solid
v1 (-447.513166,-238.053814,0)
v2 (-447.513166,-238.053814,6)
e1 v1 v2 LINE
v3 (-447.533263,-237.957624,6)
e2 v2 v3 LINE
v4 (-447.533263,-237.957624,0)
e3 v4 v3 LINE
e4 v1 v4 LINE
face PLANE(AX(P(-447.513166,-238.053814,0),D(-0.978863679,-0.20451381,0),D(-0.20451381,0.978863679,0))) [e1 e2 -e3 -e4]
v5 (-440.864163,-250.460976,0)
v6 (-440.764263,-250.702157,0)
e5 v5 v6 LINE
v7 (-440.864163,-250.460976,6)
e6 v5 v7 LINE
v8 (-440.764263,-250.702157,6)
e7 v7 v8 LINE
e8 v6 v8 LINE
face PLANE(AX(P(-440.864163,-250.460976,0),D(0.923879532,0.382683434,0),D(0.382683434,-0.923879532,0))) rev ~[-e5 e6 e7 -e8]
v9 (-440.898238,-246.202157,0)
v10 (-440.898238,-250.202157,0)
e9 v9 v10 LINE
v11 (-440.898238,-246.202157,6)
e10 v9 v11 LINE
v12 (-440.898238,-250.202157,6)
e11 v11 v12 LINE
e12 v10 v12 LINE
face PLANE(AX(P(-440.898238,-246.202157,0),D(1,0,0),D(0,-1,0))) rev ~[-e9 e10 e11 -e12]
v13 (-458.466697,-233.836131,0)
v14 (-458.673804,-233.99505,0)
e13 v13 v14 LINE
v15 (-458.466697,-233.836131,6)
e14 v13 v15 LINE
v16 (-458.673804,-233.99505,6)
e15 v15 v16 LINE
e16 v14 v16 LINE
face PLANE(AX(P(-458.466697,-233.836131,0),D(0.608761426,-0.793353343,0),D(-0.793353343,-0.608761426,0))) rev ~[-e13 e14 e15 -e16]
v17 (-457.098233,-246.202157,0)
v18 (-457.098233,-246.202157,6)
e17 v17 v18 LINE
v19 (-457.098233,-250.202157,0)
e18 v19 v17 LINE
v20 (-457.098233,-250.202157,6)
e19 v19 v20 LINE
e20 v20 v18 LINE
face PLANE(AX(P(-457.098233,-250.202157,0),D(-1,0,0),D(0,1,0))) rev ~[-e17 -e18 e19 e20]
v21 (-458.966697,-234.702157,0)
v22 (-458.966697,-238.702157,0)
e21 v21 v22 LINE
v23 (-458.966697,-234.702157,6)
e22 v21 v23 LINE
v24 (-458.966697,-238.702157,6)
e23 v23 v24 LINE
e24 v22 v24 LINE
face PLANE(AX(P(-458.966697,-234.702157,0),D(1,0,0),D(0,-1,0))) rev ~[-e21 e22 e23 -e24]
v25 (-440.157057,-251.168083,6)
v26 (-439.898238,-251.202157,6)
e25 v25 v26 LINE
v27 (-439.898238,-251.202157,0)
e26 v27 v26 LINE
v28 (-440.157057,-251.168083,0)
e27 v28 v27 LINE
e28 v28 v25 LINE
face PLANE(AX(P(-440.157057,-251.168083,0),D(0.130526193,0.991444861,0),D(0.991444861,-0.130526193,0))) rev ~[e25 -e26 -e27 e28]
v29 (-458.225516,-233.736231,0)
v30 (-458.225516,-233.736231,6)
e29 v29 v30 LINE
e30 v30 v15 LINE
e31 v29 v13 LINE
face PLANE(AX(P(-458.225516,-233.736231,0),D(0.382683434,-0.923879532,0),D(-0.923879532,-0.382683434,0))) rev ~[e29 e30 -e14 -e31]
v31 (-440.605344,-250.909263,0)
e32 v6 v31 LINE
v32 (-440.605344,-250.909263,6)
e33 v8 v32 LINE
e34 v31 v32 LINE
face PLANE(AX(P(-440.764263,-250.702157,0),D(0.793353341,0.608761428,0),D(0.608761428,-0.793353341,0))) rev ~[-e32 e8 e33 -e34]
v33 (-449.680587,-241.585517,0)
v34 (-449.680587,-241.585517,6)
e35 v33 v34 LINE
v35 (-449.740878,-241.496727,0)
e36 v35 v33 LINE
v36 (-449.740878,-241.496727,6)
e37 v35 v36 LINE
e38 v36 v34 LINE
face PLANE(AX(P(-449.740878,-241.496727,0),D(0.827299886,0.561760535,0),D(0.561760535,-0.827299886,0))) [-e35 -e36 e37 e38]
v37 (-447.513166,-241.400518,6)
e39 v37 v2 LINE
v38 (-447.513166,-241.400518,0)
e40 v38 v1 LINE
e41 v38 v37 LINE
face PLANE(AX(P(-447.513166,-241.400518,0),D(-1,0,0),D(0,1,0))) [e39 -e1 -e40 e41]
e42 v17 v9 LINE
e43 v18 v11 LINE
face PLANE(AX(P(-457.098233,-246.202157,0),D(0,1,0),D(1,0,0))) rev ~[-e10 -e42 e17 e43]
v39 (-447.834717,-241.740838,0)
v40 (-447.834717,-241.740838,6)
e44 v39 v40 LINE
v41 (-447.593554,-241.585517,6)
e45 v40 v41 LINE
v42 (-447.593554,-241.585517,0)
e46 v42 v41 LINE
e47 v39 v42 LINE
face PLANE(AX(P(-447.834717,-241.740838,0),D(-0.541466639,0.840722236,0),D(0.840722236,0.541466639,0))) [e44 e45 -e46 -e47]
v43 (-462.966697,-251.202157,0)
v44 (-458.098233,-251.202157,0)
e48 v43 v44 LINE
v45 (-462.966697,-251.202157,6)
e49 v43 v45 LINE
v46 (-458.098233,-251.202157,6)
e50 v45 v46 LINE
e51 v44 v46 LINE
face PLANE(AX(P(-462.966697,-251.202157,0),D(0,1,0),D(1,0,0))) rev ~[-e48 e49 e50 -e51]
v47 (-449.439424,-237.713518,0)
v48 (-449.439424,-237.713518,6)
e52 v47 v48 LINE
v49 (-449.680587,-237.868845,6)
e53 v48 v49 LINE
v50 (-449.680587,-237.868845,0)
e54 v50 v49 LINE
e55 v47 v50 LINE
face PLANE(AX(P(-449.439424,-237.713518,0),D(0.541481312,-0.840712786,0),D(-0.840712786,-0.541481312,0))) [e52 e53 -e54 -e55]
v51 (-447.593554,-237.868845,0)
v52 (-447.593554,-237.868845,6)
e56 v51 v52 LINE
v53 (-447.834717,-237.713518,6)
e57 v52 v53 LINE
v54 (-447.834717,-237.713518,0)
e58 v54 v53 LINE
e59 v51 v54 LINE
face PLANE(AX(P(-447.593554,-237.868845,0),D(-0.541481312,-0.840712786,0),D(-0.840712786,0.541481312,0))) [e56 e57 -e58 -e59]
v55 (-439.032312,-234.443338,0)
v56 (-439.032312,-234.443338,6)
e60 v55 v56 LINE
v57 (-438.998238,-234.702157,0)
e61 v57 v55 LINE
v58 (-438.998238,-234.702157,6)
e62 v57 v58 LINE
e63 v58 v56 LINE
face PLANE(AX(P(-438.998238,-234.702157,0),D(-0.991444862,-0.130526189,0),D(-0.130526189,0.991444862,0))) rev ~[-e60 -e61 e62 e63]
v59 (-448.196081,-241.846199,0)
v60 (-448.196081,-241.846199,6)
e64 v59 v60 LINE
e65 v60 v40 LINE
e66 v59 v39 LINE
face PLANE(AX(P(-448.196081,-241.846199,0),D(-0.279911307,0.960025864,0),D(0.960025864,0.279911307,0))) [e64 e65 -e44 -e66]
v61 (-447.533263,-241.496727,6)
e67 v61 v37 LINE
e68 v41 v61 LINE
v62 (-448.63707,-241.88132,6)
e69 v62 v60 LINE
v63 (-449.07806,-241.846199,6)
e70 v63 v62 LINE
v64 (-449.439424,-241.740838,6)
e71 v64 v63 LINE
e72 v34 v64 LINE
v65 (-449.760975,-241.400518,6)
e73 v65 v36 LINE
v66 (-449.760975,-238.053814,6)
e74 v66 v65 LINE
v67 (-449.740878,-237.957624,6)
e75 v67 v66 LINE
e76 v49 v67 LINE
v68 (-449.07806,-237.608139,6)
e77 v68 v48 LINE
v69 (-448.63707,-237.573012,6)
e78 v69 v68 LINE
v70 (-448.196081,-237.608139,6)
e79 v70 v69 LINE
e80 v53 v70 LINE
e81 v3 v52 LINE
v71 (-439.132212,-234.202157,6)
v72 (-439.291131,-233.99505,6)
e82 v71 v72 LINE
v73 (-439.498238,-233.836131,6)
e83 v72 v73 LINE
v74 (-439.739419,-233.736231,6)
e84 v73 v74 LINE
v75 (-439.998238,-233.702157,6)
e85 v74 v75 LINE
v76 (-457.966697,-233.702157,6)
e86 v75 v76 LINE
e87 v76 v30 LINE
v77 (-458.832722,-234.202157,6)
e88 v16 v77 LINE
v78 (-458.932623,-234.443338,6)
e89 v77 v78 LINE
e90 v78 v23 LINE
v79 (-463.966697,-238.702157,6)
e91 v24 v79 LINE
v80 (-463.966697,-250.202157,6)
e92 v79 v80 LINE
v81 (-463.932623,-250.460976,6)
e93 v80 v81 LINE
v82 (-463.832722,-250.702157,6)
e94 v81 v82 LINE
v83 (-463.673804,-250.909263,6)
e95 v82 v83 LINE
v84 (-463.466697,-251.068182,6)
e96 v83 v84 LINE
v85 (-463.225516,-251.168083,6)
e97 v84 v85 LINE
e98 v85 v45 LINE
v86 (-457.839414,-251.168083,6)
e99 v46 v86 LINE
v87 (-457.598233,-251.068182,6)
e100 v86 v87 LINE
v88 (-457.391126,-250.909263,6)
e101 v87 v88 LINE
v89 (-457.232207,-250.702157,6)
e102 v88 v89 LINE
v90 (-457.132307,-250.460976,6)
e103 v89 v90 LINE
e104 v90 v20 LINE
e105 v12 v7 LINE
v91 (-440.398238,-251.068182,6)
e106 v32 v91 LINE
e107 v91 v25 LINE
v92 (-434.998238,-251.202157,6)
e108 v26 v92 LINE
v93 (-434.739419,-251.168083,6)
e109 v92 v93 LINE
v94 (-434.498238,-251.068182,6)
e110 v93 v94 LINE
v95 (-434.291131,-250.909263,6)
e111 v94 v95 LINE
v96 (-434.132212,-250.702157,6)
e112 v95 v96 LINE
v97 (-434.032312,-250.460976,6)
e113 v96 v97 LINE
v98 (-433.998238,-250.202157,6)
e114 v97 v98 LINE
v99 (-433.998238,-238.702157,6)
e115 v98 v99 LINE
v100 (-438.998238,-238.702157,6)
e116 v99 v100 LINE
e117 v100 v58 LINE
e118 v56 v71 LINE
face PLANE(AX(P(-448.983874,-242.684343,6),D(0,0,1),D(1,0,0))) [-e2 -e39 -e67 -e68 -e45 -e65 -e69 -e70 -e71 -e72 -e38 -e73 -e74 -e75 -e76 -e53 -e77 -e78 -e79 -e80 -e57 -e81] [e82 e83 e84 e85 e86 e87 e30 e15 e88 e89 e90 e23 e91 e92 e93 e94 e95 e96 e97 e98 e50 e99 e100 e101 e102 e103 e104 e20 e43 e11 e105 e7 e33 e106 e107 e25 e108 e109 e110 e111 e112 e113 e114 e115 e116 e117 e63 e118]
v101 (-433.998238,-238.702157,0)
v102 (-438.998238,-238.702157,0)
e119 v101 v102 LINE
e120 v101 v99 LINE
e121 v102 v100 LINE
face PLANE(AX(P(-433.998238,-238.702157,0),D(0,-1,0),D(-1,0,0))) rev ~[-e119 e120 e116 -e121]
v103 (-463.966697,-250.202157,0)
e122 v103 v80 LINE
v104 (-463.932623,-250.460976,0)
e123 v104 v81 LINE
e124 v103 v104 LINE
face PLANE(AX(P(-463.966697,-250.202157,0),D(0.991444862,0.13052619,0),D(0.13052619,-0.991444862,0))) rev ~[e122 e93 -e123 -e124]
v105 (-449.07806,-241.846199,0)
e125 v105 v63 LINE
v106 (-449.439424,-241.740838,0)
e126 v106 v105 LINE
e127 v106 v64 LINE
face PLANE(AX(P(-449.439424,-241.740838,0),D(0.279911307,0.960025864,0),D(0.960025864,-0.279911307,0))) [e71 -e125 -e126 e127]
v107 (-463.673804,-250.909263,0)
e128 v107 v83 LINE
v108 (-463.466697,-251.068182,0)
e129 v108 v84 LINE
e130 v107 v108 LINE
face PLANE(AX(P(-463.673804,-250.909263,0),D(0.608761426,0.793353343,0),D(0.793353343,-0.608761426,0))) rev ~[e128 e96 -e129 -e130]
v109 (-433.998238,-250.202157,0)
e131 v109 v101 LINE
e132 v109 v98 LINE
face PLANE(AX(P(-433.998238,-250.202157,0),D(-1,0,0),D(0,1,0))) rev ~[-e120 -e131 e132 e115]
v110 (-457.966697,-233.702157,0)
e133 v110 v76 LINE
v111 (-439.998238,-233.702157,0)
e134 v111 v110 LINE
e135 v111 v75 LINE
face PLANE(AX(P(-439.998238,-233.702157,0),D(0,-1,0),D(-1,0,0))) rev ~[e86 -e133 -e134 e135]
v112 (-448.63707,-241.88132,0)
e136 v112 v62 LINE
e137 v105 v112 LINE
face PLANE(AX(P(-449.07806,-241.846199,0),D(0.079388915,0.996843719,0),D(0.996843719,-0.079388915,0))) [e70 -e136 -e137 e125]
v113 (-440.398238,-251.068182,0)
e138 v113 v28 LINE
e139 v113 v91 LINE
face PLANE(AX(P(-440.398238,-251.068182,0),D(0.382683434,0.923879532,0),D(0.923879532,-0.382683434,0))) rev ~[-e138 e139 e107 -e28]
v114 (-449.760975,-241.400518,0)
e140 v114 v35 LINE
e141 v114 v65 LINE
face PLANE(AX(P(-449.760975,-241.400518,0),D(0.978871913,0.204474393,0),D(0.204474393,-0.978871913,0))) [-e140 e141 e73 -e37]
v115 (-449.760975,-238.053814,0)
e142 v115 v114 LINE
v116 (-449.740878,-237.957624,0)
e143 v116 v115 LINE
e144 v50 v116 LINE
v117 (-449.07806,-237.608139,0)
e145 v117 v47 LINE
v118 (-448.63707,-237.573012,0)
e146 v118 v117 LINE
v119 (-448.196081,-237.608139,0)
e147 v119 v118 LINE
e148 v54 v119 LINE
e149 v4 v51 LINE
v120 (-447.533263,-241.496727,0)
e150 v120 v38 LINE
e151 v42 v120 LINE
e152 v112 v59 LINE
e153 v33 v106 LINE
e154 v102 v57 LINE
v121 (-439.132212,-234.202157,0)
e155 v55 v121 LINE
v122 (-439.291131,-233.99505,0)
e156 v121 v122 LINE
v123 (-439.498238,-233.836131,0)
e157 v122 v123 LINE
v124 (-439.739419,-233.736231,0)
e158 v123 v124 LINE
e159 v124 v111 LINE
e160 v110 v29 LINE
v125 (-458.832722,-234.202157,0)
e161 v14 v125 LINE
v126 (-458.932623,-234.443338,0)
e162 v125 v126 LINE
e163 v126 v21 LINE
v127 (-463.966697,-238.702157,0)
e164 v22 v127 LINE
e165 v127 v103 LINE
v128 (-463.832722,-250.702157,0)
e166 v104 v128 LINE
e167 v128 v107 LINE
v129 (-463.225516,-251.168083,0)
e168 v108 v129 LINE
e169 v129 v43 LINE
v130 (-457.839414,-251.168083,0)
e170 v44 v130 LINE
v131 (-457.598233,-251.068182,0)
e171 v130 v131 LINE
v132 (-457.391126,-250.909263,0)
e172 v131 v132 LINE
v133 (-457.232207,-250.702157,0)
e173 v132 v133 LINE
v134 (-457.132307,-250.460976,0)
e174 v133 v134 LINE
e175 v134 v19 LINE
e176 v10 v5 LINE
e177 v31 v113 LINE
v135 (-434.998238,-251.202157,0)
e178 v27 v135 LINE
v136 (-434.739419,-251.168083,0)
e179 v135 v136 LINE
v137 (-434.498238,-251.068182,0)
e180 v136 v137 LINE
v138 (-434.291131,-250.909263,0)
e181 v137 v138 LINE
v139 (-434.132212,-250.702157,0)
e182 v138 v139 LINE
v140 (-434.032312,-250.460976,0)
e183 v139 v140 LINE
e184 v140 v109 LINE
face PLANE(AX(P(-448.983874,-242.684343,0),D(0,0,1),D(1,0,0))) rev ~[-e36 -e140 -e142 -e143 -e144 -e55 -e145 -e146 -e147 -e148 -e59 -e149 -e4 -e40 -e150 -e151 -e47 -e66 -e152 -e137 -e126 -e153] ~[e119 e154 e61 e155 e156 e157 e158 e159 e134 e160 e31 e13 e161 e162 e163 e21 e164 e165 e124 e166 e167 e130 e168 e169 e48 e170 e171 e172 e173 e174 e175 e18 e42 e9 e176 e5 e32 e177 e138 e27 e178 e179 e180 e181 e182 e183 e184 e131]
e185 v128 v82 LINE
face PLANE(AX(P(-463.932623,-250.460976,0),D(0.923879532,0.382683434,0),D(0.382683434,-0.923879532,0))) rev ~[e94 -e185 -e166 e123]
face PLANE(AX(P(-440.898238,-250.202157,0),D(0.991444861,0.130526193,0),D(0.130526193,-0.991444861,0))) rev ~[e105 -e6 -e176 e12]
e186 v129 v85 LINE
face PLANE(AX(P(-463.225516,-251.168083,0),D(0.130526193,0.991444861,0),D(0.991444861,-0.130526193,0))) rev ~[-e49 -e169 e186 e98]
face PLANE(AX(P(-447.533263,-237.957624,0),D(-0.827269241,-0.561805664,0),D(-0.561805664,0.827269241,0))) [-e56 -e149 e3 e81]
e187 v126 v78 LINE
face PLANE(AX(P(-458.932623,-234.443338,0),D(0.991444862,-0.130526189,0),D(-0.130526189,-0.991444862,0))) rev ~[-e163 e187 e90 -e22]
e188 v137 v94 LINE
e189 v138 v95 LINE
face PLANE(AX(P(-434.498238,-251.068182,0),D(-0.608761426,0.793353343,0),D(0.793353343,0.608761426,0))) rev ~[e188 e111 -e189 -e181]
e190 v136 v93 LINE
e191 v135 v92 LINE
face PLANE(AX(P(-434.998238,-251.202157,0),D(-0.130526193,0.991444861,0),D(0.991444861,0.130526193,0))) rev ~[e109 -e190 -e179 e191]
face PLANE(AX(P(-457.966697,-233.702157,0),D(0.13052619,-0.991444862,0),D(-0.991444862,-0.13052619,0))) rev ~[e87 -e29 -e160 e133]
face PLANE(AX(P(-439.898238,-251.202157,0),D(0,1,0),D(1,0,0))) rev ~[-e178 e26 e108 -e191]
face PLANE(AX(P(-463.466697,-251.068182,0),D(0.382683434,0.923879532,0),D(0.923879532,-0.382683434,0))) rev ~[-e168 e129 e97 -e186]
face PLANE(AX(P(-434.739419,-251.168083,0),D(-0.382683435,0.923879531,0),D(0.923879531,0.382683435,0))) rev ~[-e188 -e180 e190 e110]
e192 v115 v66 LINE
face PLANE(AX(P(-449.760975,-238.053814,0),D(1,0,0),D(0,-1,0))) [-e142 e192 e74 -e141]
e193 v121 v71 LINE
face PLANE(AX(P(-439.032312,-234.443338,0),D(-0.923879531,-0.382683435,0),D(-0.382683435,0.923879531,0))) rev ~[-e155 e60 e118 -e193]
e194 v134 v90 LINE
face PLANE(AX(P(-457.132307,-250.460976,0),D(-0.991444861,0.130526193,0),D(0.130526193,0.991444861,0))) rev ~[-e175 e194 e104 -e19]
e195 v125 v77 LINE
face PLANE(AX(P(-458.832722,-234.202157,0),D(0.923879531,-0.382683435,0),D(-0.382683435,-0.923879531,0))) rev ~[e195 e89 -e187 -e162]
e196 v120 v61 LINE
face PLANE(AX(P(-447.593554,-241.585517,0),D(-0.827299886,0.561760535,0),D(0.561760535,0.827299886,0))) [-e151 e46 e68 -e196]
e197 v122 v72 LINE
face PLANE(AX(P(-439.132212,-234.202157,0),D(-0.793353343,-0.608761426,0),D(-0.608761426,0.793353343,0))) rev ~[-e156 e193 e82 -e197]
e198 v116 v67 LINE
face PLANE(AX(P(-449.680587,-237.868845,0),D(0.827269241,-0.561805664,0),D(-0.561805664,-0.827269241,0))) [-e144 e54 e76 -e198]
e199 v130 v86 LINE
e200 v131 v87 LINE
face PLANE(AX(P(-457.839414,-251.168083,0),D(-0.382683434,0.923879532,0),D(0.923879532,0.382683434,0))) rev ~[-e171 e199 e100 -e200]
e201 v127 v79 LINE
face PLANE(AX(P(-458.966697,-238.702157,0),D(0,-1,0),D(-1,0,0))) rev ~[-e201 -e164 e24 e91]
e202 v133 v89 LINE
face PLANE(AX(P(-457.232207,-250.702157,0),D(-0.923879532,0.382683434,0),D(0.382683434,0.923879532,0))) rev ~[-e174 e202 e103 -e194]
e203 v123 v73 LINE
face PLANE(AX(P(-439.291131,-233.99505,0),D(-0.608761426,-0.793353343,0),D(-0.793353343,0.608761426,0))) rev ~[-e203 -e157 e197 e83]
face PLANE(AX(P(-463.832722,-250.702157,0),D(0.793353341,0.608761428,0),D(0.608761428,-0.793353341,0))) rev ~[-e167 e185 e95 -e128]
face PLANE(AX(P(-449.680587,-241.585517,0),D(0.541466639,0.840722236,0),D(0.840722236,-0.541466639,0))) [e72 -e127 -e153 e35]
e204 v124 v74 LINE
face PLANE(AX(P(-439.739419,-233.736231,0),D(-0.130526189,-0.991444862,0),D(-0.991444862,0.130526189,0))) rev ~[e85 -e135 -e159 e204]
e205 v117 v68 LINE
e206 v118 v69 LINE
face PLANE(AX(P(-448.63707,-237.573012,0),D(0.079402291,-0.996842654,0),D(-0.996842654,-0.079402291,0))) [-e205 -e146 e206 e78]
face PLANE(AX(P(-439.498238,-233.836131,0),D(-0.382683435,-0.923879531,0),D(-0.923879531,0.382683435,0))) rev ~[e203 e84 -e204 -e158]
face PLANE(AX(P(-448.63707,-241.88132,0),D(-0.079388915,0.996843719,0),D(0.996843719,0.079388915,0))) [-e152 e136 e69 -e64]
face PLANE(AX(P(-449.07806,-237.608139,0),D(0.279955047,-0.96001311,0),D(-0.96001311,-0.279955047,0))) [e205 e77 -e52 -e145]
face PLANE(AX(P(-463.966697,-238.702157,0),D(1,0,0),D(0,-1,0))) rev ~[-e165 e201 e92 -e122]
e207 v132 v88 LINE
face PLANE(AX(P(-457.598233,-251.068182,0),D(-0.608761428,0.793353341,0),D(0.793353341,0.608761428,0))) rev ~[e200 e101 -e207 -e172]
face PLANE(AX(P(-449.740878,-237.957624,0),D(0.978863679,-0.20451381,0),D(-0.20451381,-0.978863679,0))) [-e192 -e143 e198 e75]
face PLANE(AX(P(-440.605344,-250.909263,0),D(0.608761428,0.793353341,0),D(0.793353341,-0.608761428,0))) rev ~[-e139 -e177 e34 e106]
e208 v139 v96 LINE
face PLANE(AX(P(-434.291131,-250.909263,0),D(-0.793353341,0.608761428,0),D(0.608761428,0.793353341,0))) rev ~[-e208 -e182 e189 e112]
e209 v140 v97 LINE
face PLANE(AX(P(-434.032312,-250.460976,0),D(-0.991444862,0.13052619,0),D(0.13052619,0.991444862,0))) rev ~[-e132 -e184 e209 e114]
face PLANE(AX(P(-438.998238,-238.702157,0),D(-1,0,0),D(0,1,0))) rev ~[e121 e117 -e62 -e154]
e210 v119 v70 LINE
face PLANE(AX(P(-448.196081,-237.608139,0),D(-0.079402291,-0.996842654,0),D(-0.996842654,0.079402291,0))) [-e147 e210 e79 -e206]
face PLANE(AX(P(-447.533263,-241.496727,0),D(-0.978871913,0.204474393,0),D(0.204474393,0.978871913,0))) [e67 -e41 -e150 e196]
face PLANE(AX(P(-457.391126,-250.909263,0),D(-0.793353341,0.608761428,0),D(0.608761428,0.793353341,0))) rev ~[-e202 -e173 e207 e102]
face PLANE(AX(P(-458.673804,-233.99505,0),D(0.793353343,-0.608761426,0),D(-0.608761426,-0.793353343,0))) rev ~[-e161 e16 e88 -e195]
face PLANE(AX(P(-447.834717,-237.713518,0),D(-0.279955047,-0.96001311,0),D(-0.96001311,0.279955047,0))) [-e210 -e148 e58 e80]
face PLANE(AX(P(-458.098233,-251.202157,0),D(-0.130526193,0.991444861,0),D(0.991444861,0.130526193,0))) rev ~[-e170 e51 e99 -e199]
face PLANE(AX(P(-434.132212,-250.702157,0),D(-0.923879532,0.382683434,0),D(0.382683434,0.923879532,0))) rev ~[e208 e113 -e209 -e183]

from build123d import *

# Parameters (mm, degrees)
BOSS_EXTRUDE1_DEPTH = 6


with BuildPart() as part:
    # Sketch1 → Boss-Extrude1 (new body)
    with BuildSketch(Plane.XY):
        Polygon((-438.998237574, -234.702156689), (-439.032311747, -234.443337643), (-439.13221217, -234.202156689), (-439.291130792, -233.995049907), (-439.498237574, -233.836131285), (-439.739418528, -233.736230862), (-439.998237574, -233.702156689), (-457.966696735, -233.702156689), (-458.22551578, -233.736230862), (-458.466696735, -233.836131285), (-458.673803517, -233.995049907), (-458.832722139, -234.202156689), (-458.932622562, -234.443337643), (-458.966696735, -234.702156689), (-458.966696735, -238.702156689), (-463.966696735, -238.702156689), (-463.966696735, -250.202156689), (-463.932622562, -250.460975734), (-463.832722139, -250.702156689), (-463.673803517, -250.90926347), (-463.466696735, -251.068182092), (-463.22551578, -251.168082515), (-462.966696735, -251.202156689), (-458.098232577, -251.202156689), (-457.839413532, -251.168082515), (-457.598232577, -251.068182092), (-457.391125796, -250.90926347), (-457.232207174, -250.702156689), (-457.132306751, -250.460975734), (-457.098232577, -250.202156689), (-457.098232577, -246.202156689), (-440.898237574, -246.202156689), (-440.898237574, -250.202156689), (-440.8641634, -250.460975734), (-440.764262977, -250.702156689), (-440.605344355, -250.90926347), (-440.398237574, -251.068182092), (-440.157056619, -251.168082515), (-439.898237574, -251.202156689), (-434.998237574, -251.202156689), (-434.739418528, -251.168082515), (-434.498237574, -251.068182092), (-434.291130792, -250.90926347), (-434.13221217, -250.702156689), (-434.032311747, -250.460975734), (-433.998237574, -250.202156689), (-433.998237574, -238.702156689), (-438.998237574, -238.702156689), align=None)
        Polygon((-449.760974662, -241.400517746), (-449.74087772, -241.496727016), (-449.680586895, -241.585516793), (-449.439423595, -241.740837868), (-449.078059742, -241.846199434), (-448.637070317, -241.881319956), (-448.196080893, -241.846199434), (-447.83471704, -241.740837868), (-447.59355374, -241.585516793), (-447.533262915, -241.496727016), (-447.513165973, -241.400517746), (-447.513165973, -238.05381424), (-447.533262915, -237.957624322), (-447.59355374, -237.868844966), (-447.83471704, -237.713517936), (-448.196080893, -237.608138506), (-448.637070317, -237.573012029), (-449.078059742, -237.608138506), (-449.439423595, -237.713517936), (-449.680586895, -237.868844966), (-449.74087772, -237.957624322), (-449.760974662, -238.05381424), align=None, mode=Mode.SUBTRACT)
    extrude(amount=BOSS_EXTRUDE1_DEPTH)


solid = part.part
